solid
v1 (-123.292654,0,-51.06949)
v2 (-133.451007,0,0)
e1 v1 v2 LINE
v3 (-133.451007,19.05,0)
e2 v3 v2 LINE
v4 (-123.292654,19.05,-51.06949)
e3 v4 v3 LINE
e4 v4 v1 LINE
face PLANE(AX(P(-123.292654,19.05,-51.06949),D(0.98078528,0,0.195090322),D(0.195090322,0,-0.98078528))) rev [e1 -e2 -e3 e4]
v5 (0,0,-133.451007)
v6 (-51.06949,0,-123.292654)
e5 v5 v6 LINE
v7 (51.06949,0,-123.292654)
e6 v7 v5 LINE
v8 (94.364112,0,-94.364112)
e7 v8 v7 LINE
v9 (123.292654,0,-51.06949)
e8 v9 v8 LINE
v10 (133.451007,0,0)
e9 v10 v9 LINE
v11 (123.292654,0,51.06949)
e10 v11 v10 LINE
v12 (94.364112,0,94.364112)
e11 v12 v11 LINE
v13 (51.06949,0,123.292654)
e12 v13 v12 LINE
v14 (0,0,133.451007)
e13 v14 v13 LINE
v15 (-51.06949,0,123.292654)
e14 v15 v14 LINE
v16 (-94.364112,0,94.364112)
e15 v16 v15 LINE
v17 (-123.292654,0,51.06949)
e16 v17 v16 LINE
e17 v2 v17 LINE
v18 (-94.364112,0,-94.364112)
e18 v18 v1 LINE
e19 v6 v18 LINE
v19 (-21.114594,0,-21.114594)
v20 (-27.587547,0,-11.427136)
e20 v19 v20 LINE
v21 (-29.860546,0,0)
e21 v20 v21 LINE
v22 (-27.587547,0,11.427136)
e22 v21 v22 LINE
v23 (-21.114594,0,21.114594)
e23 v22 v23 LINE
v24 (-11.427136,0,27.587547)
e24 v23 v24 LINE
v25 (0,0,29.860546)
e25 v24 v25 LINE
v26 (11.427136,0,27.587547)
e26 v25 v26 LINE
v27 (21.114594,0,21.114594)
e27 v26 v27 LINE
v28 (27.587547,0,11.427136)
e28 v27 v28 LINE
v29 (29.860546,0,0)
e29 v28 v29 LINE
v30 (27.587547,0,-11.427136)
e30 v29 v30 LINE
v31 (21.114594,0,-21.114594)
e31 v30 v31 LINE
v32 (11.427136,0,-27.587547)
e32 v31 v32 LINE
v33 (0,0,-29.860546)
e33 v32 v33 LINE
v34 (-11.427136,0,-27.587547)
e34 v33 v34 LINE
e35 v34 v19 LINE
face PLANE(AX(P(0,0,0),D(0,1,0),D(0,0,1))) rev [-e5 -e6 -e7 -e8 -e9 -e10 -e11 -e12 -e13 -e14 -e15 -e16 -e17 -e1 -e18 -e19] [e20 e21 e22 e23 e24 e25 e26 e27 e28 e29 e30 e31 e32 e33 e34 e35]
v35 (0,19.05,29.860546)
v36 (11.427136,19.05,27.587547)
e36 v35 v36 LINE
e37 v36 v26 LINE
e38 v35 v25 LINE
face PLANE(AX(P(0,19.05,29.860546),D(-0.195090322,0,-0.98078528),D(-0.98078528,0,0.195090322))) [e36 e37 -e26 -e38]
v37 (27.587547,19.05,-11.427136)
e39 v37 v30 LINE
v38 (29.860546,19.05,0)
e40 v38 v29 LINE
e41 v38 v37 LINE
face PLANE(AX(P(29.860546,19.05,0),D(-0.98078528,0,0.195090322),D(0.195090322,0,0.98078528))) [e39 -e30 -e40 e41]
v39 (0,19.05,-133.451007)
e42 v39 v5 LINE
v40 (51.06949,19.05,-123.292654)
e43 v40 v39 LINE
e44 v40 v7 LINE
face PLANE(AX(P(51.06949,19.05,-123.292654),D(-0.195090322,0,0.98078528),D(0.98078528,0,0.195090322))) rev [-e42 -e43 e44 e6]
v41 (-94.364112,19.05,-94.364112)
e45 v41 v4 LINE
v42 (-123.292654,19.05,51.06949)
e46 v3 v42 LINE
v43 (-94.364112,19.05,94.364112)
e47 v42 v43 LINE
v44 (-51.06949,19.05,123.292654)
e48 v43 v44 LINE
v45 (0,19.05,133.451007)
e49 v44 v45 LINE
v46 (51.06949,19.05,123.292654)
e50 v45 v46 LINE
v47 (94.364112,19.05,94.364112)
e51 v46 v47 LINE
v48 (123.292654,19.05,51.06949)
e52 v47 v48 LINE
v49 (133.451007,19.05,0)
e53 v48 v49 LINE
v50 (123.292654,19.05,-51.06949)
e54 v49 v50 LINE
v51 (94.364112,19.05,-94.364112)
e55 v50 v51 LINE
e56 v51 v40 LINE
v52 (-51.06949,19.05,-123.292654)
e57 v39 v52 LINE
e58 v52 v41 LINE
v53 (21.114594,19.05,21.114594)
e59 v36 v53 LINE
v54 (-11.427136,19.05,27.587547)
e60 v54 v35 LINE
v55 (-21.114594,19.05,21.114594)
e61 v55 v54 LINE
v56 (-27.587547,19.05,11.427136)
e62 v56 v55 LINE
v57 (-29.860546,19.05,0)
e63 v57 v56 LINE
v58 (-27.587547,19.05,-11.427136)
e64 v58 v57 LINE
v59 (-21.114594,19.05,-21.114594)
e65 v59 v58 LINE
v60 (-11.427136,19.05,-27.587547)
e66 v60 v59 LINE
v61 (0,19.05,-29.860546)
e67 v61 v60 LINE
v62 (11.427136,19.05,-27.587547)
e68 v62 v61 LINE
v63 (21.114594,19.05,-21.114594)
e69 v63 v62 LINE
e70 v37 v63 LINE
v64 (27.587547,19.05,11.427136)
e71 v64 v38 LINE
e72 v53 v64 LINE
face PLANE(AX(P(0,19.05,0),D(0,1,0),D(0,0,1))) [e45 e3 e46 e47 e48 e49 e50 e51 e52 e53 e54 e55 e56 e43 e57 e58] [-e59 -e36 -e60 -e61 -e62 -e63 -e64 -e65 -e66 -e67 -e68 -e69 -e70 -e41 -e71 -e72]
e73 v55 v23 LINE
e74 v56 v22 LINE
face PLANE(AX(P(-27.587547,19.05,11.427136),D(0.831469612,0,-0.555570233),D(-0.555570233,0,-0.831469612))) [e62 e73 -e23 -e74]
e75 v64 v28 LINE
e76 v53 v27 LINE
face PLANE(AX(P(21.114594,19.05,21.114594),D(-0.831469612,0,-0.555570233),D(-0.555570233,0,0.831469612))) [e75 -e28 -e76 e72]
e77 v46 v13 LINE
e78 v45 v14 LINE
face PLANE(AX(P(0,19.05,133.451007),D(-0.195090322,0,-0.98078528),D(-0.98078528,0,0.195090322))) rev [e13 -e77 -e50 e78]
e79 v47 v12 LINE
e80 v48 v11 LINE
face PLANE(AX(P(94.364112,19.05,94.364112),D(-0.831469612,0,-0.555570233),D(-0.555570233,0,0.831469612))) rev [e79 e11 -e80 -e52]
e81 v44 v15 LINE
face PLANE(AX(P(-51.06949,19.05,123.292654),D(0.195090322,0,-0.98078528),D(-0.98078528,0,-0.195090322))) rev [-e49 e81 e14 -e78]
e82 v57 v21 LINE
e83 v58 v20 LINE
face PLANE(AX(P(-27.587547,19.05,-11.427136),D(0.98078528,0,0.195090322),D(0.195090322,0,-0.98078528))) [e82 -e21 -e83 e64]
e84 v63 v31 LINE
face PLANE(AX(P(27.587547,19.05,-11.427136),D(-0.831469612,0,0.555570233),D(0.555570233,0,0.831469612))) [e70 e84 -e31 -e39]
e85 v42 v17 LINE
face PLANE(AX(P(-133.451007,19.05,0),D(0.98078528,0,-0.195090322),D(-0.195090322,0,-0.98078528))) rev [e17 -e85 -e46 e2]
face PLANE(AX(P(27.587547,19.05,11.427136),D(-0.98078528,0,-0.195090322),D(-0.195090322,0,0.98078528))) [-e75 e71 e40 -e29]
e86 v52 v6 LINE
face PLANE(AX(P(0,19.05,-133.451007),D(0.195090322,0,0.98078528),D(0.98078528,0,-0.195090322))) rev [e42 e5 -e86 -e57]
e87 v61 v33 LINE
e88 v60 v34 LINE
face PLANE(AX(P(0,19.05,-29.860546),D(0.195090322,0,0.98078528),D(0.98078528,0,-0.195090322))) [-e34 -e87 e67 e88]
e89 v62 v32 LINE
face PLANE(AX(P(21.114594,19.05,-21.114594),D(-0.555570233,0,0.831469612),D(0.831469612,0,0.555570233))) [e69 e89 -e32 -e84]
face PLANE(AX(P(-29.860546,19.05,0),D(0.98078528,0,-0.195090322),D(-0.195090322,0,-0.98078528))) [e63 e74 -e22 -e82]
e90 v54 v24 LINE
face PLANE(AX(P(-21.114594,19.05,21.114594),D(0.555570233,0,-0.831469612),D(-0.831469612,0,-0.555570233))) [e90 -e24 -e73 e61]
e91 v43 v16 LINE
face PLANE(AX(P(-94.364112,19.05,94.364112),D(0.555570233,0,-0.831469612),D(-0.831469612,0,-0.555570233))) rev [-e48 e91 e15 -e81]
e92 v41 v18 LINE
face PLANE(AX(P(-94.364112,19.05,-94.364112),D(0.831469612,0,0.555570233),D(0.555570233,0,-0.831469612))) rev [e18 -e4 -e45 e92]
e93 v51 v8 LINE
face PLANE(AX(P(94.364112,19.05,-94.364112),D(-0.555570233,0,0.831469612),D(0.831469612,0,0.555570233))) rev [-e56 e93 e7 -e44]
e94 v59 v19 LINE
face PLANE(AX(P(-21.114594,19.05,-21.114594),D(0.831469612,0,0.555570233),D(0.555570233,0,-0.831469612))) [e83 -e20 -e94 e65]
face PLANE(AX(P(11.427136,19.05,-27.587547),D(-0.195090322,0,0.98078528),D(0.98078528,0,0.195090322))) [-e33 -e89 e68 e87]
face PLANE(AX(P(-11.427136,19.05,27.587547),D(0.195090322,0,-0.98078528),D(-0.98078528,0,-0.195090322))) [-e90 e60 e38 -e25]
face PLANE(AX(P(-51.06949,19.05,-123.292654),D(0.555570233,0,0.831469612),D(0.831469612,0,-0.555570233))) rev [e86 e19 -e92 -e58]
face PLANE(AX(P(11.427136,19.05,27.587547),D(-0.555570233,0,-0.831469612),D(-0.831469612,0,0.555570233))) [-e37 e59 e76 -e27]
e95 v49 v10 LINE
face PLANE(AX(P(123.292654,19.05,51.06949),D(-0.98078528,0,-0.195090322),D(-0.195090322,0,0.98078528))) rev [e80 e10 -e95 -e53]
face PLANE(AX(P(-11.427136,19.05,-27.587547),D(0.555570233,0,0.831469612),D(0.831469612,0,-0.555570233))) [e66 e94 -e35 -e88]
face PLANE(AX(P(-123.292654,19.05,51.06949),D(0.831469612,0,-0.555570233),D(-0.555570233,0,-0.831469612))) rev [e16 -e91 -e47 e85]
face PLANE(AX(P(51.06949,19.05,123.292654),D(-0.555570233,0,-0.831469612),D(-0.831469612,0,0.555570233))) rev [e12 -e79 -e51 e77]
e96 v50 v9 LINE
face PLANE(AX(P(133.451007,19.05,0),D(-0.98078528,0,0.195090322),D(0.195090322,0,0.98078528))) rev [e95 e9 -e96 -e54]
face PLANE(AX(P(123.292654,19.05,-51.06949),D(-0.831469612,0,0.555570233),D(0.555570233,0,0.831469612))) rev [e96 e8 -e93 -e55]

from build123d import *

# Parameters (mm, degrees)
BOSS_EXTRUDE1_DEPTH = 19.05


with BuildPart() as part:
    # Sketch1 → Boss-Extrude1 (new body)
    with BuildSketch(Plane(origin=(0, 0, 0), x_dir=(1, 0, 0), z_dir=(0, 1, 0))):
        Polygon((133.451007364, 0), (123.292654297, 51.069489551), (94.364112263, 94.364112263), (51.069489551, 123.292654297), (0, 133.451007364), (-51.069489551, 123.292654297), (-94.364112263, 94.364112263), (-123.292654297, 51.069489551), (-133.451007364, 0), (-123.292654297, -51.069489551), (-94.364112263, -94.364112263), (-51.069489551, -123.292654297), (0, -133.451007364), (51.069489551, -123.292654297), (94.364112263, -94.364112263), (123.292654297, -51.069489551), align=None)
        Polygon((29.86054569, 0), (27.587546993, 11.427136117), (21.114594347, 21.114594347), (11.427136117, 27.587546993), (0, 29.86054569), (-11.427136117, 27.587546993), (-21.114594347, 21.114594347), (-27.587546993, 11.427136117), (-29.86054569, 0), (-27.587546993, -11.427136117), (-21.114594347, -21.114594347), (-11.427136117, -27.587546993), (0, -29.86054569), (11.427136117, -27.587546993), (21.114594347, -21.114594347), (27.587546993, -11.427136117), align=None, mode=Mode.SUBTRACT)
    extrude(amount=BOSS_EXTRUDE1_DEPTH)


solid = part.part
